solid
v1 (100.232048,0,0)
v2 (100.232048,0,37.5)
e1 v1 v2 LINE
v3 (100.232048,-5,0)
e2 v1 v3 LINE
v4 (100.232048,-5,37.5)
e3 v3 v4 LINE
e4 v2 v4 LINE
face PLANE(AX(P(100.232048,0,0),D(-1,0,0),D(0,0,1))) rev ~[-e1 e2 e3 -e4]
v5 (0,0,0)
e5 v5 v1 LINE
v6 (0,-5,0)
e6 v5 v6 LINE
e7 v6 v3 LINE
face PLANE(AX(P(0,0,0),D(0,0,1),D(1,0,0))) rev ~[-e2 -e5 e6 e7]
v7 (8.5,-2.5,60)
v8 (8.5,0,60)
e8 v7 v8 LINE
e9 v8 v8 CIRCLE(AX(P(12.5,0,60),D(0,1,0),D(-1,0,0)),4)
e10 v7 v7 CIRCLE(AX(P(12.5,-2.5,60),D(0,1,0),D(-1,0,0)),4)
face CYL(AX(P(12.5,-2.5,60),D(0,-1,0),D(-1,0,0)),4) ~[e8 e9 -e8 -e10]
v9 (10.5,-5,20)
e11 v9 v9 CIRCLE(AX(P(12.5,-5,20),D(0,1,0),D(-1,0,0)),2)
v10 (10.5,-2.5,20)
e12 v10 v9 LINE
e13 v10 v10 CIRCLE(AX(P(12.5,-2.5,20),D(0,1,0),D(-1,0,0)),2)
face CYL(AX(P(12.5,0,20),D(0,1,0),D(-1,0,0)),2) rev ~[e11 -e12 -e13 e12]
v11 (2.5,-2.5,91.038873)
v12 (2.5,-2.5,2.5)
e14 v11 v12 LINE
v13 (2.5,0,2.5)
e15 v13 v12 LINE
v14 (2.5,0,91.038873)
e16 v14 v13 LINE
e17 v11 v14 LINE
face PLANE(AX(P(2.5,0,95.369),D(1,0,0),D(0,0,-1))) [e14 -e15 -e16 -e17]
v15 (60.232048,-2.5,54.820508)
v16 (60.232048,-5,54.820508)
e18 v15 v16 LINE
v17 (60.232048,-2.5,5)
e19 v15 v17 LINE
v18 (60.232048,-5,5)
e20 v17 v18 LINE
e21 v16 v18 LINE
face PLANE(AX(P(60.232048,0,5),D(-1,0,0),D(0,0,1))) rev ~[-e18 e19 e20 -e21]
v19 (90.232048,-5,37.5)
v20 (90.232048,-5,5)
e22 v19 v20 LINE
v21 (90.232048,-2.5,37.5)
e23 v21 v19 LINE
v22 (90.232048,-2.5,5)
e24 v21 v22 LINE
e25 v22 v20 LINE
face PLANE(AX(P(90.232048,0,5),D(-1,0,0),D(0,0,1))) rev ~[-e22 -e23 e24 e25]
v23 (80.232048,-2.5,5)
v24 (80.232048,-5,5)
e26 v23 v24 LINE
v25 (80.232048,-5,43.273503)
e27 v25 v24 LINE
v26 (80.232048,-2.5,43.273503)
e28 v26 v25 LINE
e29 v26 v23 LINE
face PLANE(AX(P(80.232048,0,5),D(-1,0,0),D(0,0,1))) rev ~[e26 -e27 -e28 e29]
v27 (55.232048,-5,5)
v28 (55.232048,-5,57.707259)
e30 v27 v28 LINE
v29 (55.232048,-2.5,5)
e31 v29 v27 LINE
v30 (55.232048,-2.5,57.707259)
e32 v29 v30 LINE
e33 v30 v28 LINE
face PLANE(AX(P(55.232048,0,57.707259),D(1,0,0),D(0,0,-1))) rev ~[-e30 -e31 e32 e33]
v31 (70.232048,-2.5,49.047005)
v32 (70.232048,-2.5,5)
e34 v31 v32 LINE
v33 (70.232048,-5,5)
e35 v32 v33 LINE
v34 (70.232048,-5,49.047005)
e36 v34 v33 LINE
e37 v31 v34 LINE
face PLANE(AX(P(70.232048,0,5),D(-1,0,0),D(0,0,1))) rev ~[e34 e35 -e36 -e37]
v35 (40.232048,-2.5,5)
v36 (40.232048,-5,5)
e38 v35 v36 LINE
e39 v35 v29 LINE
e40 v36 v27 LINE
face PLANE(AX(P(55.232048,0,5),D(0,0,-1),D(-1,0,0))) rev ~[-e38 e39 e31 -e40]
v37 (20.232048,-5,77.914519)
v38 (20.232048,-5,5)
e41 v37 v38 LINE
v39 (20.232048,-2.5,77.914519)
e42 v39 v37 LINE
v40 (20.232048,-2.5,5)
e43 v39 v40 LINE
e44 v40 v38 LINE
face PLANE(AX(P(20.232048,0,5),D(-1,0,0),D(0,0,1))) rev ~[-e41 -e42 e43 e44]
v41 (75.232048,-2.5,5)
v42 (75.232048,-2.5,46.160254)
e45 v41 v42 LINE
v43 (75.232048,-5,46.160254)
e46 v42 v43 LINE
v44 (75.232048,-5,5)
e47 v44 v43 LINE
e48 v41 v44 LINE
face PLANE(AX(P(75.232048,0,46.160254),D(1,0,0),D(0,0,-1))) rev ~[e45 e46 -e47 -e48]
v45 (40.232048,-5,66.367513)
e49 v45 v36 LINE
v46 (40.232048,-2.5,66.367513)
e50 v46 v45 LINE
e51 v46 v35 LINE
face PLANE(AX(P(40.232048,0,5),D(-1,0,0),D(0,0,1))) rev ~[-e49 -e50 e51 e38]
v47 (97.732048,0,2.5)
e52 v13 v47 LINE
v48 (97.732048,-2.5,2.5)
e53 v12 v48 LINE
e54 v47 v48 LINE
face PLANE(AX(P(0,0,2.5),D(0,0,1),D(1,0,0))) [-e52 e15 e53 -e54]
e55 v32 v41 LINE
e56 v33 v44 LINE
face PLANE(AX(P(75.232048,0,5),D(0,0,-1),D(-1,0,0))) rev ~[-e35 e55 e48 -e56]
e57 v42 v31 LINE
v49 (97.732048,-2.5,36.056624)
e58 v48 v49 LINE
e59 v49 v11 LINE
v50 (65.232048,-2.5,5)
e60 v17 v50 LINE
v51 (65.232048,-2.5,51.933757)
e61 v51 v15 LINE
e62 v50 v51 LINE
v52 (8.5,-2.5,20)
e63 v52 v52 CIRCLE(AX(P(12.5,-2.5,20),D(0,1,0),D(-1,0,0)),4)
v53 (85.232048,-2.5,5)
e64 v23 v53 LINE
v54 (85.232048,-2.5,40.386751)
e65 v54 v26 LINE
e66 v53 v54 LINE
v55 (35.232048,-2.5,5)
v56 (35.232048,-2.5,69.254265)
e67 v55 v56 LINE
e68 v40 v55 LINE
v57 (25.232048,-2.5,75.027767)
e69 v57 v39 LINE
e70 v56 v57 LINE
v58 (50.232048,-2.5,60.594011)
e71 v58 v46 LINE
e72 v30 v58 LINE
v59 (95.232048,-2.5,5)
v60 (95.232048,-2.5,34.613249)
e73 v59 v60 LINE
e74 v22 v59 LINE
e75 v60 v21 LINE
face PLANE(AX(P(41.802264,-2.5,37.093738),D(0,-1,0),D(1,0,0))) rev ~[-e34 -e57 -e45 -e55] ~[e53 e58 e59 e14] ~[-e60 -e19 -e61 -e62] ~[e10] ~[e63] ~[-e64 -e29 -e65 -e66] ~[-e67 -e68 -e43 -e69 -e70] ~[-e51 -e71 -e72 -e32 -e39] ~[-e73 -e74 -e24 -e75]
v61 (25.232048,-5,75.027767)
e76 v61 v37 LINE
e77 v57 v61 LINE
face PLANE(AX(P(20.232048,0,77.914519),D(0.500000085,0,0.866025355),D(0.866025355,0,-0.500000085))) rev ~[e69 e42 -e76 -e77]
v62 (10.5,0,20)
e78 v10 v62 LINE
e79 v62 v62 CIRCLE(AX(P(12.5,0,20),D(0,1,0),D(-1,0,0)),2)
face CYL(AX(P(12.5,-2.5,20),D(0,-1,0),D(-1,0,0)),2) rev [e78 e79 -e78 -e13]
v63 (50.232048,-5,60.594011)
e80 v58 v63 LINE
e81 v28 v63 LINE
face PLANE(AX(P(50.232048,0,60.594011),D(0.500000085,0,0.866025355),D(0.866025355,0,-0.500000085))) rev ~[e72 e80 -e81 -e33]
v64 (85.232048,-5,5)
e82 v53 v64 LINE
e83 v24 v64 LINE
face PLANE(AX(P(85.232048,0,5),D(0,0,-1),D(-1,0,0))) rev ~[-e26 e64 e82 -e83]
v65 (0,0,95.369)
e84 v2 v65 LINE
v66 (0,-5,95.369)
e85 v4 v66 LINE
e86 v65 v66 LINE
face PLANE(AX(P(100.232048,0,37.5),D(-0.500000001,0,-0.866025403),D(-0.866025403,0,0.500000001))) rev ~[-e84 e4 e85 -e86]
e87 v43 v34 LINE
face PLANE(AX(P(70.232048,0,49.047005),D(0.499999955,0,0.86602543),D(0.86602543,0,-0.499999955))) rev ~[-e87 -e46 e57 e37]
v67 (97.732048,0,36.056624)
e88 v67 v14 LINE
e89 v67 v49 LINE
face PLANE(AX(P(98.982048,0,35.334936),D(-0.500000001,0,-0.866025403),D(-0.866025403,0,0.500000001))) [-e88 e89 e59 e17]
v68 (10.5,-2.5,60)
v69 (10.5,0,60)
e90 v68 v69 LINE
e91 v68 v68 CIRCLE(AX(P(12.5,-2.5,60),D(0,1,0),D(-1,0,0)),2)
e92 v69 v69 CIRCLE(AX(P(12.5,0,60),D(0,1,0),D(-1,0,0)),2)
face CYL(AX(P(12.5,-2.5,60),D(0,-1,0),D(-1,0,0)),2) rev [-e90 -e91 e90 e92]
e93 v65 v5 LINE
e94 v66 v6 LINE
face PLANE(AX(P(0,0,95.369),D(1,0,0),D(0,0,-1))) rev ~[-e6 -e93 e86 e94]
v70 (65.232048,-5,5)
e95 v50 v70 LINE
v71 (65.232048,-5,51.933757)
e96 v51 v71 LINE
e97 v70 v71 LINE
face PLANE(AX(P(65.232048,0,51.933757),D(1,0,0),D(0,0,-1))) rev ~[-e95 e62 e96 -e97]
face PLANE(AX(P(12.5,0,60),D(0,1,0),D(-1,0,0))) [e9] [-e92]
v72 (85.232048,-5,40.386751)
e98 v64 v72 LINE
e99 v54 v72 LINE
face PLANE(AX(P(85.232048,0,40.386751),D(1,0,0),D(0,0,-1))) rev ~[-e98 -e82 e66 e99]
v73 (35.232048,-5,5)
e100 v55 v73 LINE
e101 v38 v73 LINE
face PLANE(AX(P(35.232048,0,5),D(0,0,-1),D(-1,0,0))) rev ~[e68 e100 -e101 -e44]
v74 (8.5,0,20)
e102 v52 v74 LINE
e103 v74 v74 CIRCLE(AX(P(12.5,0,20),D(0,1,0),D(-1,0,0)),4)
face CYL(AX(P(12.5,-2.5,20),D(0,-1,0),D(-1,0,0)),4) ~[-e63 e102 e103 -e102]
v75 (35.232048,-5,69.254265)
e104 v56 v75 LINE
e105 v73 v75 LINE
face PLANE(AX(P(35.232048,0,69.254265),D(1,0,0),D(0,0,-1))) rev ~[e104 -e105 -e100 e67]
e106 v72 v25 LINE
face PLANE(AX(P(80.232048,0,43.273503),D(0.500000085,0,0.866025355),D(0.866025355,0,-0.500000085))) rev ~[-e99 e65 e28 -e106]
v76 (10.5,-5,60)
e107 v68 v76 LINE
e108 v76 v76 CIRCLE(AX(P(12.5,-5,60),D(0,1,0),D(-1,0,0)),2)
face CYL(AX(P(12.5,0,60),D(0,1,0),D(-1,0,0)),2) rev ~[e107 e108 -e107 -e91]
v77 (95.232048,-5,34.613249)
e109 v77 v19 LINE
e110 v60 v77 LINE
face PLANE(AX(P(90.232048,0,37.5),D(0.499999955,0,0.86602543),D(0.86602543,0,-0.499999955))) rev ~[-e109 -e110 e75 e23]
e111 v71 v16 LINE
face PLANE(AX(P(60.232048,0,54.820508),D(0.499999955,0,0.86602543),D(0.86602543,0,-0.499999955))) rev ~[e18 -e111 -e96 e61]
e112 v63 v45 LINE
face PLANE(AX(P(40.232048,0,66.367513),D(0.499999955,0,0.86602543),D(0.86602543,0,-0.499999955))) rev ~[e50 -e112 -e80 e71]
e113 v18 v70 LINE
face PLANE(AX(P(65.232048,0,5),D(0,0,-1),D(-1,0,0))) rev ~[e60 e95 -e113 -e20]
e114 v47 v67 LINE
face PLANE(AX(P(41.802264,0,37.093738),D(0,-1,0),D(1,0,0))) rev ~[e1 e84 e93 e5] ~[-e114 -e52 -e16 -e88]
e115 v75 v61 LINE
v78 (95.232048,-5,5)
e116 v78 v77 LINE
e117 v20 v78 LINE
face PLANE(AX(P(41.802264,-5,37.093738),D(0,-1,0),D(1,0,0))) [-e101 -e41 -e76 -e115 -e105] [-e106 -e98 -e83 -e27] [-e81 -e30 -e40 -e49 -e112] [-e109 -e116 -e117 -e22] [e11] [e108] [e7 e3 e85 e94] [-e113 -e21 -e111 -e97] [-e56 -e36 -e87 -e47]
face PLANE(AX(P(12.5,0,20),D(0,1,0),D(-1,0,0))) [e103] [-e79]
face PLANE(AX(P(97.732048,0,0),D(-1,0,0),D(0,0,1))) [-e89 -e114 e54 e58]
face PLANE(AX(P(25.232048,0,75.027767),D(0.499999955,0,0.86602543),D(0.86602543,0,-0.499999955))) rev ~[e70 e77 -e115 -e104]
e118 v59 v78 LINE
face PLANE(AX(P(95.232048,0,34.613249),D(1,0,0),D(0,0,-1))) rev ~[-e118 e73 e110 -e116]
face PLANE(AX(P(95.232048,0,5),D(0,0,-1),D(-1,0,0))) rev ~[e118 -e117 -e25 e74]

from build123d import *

# Parameters (mm, degrees)
F1_DEPTH = 5
F2_T     = -2.5
F4_DEPTH = 5.001
F5_R     = 2
F6_DEPTH = 5.001
F7_R     = 4
F7_R_2   = 2
F8_DEPTH = 2.5


with BuildPart() as f1:
    # F0 (on Front) → F1 (new body)
    with BuildSketch(Plane.XZ):
        Polygon((0, 95.369), (0, 0), (100.232048, 0), (100.232048, 37.5), align=None)
    extrude(amount=F1_DEPTH)

    # F2
    f2_openings = [f1.faces().sort_by_distance(p)[0] for p in [
        (42.840276, 0, 35.317578),
    ]]
    offset(amount=F2_T, openings=f2_openings)

    # F3 (on face) → F4 (cut, through all)
    with BuildSketch(Plane(origin=(0, 0, 0), x_dir=(-1, 0, 0), z_dir=(0, 1, 0))):
        Polygon((-90.232048, 37.5), (-95.232048, 34.613249), (-95.232048, 5), (-90.232048, 5), align=None)
        Polygon((-85.232048, 40.386751), (-85.232048, 5), (-80.232048, 5), (-80.232048, 43.273503), align=None)
        Polygon((-75.232048, 46.160254), (-75.232048, 5), (-70.232048, 5), (-70.232048, 49.047005), align=None)
        Polygon((-65.232048, 51.933757), (-65.232048, 5), (-60.232048, 5), (-60.232048, 54.820508), align=None)
        Polygon((-55.232048, 57.707259), (-55.232048, 5), (-50.232048, 5), (-50.232048, 60.594011), align=None)
        Polygon((-50.232048, 60.594011), (-50.232048, 5), (-45.232048, 5), (-45.232048, 63.480762), align=None)
        Polygon((-45.232048, 63.480762), (-45.232048, 5), (-40.232048, 5), (-40.232048, 66.367513), align=None)
        Polygon((-30.232048, 72.141016), (-35.232048, 69.254265), (-35.232048, 5), (-30.232048, 5), align=None)
        Polygon((-25.232048, 75.027767), (-30.232048, 72.141016), (-30.232048, 5), (-25.232048, 5), align=None)
        Polygon((-20.232048, 77.914519), (-25.232048, 75.027767), (-25.232048, 5), (-20.232048, 5), align=None)
    extrude(amount=-F4_DEPTH, mode=Mode.SUBTRACT)

    # F5 (on face) → F6 (cut, through all)
    with BuildSketch(Plane(origin=(0, 0, 0), x_dir=(-1, 0, 0), z_dir=(0, 1, 0))):
        with Locations((-12.5, 60)):
            Circle(F5_R)
        with Locations((-12.5, 20)):
            Circle(F5_R)
    extrude(amount=-F6_DEPTH, mode=Mode.SUBTRACT)

    # F7 (on face) → F8 (join, through all)
    with BuildSketch(Plane(origin=(0, -2.5, 0), x_dir=(-1, 0, 0), z_dir=(0, 1, 0))):
        with Locations((-12.5, 60)):
            Circle(F7_R)
        with Locations((-12.5, 60)):
            Circle(F7_R_2, mode=Mode.SUBTRACT)
        with Locations((-12.5, 20)):
            Circle(F7_R)
        with Locations((-12.5, 20)):
            Circle(F7_R_2, mode=Mode.SUBTRACT)
    extrude(amount=F8_DEPTH)


solid = f1.part
